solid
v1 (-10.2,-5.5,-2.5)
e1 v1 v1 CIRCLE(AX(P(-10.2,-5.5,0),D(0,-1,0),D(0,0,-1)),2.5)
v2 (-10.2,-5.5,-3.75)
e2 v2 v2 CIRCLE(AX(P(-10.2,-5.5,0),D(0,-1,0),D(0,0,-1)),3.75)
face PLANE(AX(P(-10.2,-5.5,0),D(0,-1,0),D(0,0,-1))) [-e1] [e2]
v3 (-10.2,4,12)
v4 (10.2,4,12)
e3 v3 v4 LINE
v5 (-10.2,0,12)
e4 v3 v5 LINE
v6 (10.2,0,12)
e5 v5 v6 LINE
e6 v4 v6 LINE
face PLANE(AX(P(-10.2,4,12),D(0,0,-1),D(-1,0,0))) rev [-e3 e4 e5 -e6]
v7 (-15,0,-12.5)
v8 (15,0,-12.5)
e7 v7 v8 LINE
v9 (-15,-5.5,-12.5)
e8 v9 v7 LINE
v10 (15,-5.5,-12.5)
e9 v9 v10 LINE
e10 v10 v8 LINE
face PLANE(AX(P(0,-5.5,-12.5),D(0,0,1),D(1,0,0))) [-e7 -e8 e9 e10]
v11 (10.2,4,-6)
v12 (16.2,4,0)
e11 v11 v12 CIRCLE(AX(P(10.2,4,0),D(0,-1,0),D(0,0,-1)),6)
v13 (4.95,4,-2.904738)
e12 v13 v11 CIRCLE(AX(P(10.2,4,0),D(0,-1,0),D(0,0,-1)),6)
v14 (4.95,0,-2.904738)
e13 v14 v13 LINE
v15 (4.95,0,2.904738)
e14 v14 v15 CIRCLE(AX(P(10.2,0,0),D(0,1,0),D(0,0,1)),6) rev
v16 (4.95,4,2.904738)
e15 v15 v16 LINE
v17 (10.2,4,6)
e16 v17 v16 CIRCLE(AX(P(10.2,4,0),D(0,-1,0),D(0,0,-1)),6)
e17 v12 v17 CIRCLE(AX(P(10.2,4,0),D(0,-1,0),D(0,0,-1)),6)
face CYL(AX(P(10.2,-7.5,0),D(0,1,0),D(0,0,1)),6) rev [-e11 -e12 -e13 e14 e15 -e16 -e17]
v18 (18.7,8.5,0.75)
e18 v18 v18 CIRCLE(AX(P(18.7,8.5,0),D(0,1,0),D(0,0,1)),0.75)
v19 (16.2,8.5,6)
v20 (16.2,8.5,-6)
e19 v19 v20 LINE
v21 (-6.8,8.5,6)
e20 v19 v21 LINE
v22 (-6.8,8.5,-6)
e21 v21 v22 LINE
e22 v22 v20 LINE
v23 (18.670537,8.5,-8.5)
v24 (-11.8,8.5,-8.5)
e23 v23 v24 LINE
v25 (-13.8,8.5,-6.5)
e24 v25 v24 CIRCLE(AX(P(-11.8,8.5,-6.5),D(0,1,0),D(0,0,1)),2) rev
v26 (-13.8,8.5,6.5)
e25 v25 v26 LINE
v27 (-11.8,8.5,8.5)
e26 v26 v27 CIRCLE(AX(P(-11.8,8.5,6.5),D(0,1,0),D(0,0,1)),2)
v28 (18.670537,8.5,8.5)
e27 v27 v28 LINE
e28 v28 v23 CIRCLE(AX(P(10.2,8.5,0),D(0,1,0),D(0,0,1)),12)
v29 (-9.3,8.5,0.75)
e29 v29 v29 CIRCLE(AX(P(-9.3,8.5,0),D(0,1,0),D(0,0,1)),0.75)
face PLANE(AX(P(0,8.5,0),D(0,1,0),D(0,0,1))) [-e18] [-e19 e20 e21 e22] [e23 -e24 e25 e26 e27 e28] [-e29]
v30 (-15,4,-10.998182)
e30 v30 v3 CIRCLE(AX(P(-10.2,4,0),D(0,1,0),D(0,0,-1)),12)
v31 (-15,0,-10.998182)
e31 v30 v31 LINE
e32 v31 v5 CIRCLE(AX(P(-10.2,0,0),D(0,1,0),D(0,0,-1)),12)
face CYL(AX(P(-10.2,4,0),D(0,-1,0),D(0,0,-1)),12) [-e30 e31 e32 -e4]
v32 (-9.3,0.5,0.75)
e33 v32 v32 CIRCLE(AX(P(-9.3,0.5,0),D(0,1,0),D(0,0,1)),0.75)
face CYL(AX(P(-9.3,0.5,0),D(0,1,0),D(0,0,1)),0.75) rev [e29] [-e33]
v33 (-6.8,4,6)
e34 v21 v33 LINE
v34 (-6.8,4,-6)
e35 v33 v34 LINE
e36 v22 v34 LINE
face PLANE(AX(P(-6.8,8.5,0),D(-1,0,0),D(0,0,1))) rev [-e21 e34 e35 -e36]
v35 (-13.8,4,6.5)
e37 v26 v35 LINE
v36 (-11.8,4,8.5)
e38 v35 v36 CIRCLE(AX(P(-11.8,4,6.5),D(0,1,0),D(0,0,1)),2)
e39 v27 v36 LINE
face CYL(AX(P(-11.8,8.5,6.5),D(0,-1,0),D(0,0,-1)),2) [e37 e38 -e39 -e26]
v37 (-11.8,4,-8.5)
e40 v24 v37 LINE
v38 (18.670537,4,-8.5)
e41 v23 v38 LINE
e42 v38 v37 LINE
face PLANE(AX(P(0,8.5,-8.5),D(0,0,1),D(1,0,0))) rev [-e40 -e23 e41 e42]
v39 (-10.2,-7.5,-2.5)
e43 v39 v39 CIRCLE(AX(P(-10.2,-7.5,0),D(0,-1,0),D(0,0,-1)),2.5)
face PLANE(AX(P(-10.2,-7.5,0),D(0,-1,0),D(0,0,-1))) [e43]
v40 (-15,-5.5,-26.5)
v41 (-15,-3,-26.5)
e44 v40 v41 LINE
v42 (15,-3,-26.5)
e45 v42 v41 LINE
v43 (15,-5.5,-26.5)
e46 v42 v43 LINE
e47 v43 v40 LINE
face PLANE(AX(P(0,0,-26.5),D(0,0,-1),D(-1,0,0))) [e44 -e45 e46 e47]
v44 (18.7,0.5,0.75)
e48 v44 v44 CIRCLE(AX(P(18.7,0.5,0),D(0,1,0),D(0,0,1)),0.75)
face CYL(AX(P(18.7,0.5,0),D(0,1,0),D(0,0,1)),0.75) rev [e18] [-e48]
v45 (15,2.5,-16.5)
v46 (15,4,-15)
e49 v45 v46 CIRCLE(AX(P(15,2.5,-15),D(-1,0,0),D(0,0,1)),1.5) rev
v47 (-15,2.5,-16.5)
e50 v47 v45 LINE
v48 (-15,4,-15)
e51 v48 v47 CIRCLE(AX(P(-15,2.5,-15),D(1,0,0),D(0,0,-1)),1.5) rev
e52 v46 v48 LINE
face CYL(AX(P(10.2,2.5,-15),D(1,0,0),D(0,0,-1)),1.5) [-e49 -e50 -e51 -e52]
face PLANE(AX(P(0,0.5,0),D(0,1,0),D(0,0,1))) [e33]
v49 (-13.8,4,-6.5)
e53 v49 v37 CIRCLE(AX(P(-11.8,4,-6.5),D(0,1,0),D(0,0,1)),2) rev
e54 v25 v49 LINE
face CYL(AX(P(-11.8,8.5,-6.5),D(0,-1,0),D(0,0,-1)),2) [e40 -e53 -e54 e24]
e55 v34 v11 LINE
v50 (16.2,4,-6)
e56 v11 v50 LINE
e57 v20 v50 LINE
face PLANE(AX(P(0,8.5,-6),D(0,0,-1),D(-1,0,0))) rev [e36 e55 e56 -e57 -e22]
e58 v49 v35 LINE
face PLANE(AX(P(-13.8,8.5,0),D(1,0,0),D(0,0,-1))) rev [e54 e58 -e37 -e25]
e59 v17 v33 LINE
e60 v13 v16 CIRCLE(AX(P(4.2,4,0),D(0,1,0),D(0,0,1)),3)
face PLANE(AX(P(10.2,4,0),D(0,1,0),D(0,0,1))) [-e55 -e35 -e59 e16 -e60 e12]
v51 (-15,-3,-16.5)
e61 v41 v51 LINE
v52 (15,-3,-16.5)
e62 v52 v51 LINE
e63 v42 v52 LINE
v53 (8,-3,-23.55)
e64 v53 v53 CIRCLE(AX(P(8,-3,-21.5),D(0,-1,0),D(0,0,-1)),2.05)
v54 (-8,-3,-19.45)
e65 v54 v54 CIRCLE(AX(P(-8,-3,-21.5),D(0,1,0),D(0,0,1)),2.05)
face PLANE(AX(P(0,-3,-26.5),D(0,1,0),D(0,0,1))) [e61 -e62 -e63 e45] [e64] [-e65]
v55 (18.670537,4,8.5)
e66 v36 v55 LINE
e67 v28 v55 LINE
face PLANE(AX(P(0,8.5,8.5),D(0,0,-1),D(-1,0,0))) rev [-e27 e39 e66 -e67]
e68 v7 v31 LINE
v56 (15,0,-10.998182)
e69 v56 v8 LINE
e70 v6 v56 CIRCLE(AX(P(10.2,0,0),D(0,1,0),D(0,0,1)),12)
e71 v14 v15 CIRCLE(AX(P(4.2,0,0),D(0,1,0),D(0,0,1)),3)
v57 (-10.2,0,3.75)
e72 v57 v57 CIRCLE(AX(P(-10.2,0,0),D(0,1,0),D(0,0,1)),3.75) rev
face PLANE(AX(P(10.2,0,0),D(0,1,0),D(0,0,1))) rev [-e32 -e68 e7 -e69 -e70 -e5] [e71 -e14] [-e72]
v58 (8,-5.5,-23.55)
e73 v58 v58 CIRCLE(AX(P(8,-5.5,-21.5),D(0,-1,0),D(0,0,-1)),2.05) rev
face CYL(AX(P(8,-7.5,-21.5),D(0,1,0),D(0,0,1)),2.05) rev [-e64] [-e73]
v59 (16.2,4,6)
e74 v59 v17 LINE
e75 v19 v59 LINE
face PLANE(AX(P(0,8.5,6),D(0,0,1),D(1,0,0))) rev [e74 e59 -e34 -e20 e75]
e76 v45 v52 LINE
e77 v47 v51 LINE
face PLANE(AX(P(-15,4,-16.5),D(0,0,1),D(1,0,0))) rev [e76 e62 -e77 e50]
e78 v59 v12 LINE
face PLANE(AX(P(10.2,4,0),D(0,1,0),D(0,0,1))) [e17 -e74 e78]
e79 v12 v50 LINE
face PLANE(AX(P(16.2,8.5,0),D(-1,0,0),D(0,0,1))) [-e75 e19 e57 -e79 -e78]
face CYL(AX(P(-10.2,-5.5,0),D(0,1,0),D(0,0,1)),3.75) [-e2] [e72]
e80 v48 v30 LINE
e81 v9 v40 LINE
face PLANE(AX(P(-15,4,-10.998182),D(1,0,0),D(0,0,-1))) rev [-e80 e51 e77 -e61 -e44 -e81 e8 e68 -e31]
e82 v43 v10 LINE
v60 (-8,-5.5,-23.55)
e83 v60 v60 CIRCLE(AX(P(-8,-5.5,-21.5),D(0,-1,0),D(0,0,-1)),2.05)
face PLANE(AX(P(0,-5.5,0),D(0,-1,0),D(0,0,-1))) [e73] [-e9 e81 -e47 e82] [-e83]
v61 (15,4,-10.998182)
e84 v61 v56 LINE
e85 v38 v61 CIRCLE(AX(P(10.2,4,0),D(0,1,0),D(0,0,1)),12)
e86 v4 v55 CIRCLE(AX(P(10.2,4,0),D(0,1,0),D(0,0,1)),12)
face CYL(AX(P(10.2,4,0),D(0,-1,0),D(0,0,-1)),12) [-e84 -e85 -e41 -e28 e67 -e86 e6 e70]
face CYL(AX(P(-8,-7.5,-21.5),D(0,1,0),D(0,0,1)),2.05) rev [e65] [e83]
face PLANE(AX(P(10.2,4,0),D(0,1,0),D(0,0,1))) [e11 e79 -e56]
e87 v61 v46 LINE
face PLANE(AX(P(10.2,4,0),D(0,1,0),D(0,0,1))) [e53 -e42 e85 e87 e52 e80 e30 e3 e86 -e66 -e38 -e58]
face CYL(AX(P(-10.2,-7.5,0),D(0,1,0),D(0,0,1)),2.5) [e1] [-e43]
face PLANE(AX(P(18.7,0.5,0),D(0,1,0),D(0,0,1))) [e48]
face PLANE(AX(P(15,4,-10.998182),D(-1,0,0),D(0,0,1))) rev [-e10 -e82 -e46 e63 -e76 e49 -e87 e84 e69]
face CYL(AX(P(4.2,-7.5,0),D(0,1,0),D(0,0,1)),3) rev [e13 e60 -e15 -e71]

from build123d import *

# Parameters (mm, degrees)
BOSS_EXTRU_1_DEPTH      = 4
ESQUISSE2_R             = 3.75
BOSS_EXTRU_2_DEPTH      = 5.5
ESQUISSE3_R             = 2.5
BOSS_EXTRU_3_DEPTH      = 2
ENL_V_MAT_EXTRU_2_DEPTH = 30.955633861
BOSS_EXTRU_7_DEPTH      = 4.5
ESQUISSE7_R             = 0.75
ENL_V_MAT_EXTRU_3_DEPTH = 8
ESQUISSE8_W             = 30
ESQUISSE8_H             = 4
BOSS_EXTRU_8_DEPTH      = 5.5
ESQUISSE9_W             = 30
ESQUISSE9_H             = 2.5
BOSS_EXTRU_9_DEPTH      = 10
ESQUISSE10_R            = 2.05
ENL_V_MAT_EXTRU_4_DEPTH = 37.43267764
CONG_2_R                = 1.5


with BuildPart() as part:
    # Esquisse1 → Boss.-Extru.1 (new body)
    with BuildSketch(Plane(origin=(0, 0, 0), x_dir=(1, 0, 0), z_dir=(0, 1, 0))):
        with BuildLine():
            Line((-15, 10.998181668), (-15, 16.5))
            Line((-15, 16.5), (15, 16.5))
            Line((15, 16.5), (15, 10.998181668))
            ThreePointArc((15, 10.998181668), (21.946875755, -2.451715724), (10.2, -12))
            Line((10.2, -12), (-10.2, -12))
            ThreePointArc((-10.2, -12), (-21.946875755, -2.451715724), (-15, 10.998181668))
        make_face()
    extrude(amount=BOSS_EXTRU_1_DEPTH)

    # Esquisse2 → Boss.-Extru.2 (add)
    with BuildSketch(Plane.XZ):
        with Locations(Location((-10.2, 0, 0), (0, 0, 90))):
            Circle(ESQUISSE2_R)
    extrude(amount=BOSS_EXTRU_2_DEPTH)

    # Esquisse3 → Boss.-Extru.3 (add)
    with BuildSketch(Plane.XZ.offset(5.5)):
        with Locations(Location((-10.2, 0, 0), (0, 0, 270))):
            Circle(ESQUISSE3_R)
    extrude(amount=BOSS_EXTRU_3_DEPTH)

    # Esquisse5 → Enlèv. mat.-Extru.2 (cut, through all)
    with BuildSketch(Plane(origin=(0, 4, 0), x_dir=(1, 0, 0), z_dir=(0, 1, 0))):
        with BuildLine():
            ThreePointArc((4.95, 2.90473751), (16.2, 0), (4.95, -2.90473751))
            ThreePointArc((4.95, -2.90473751), (1.2, 0), (4.95, 2.90473751))
        make_face()
    extrude(amount=-ENL_V_MAT_EXTRU_2_DEPTH, mode=Mode.SUBTRACT)

    # Esquisse6 → Boss.-Extru.7 (add)
    with BuildSketch(Plane(origin=(0, 4, 0), x_dir=(1, 0, 0), z_dir=(0, 1, 0))):
        with BuildLine():
            ThreePointArc((18.670537173, -8.5), (22.2, 0), (18.670537173, 8.5))
            Line((18.670537173, 8.5), (-11.8, 8.5))
            ThreePointArc((-11.8, 8.5), (-13.214213562, 7.914213562), (-13.8, 6.5))
            Line((-13.8, 6.5), (-13.8, -6.5))
            ThreePointArc((-13.8, -6.5), (-13.214213562, -7.914213562), (-11.8, -8.5))
            Line((-11.8, -8.5), (18.670537173, -8.5))
        make_face()
        Polygon((16.2, 0), (16.2, -6), (10.2, -6), (-6.8, -6), (-6.8, 6), (10.2, 6), (16.2, 6), align=None, mode=Mode.SUBTRACT)
    extrude(amount=BOSS_EXTRU_7_DEPTH)

    # Esquisse7 → Enlèv. mat.-Extru.3 (cut)
    with BuildSketch(Plane(origin=(0, 8.5, 0), x_dir=(1, 0, 0), z_dir=(0, 1, 0))):
        with BuildLine():
            ThreePointArc((-10.05, 0), (-9.3, -0.75), (-8.55, 0))
            Line((-8.55, 0), (-10.05, 0))
        make_face()
        with BuildLine():
            Line((-10.05, 0), (-8.55, 0))
            ThreePointArc((-8.55, 0), (-9.3, 0.75), (-10.05, 0))
        make_face()
        with Locations(Location((18.7, 0, 0), (0, 0, 270))):
            Circle(ESQUISSE7_R)
    extrude(amount=-ENL_V_MAT_EXTRU_3_DEPTH, mode=Mode.SUBTRACT)

    # Esquisse8 → Boss.-Extru.8 (add)
    with BuildSketch(Plane.XZ):
        with Locations((0, -14.5)):
            Rectangle(ESQUISSE8_W, ESQUISSE8_H)
    extrude(amount=BOSS_EXTRU_8_DEPTH)

    # Esquisse9 → Boss.-Extru.9 (add)
    with BuildSketch(Plane(origin=(0, 0, -16.5), x_dir=(-1, 0, 0), z_dir=(0, 0, -1))):
        with Locations((0, -4.25)):
            Rectangle(ESQUISSE9_W, ESQUISSE9_H)
    extrude(amount=BOSS_EXTRU_9_DEPTH)

    # Esquisse10 → Enlèv. mat.-Extru.4 (cut, through all)
    with BuildSketch(Plane(origin=(0, -3, 0), x_dir=(1, 0, 0), z_dir=(0, 1, 0))):
        with Locations(Location((-8, 21.5, 0), (0, 0, 270))):
            Circle(ESQUISSE10_R)
        with Locations(Location((8, 21.5, 0), (0, 0, 90))):
            Circle(ESQUISSE10_R)
    extrude(amount=-ENL_V_MAT_EXTRU_4_DEPTH, mode=Mode.SUBTRACT)

    # Congé2
    cong_2_edges = [part.edges().sort_by_distance(p)[0] for p in [
        (0, 4, -16.5),
    ]]
    fillet(cong_2_edges, radius=CONG_2_R)


solid = part.part
